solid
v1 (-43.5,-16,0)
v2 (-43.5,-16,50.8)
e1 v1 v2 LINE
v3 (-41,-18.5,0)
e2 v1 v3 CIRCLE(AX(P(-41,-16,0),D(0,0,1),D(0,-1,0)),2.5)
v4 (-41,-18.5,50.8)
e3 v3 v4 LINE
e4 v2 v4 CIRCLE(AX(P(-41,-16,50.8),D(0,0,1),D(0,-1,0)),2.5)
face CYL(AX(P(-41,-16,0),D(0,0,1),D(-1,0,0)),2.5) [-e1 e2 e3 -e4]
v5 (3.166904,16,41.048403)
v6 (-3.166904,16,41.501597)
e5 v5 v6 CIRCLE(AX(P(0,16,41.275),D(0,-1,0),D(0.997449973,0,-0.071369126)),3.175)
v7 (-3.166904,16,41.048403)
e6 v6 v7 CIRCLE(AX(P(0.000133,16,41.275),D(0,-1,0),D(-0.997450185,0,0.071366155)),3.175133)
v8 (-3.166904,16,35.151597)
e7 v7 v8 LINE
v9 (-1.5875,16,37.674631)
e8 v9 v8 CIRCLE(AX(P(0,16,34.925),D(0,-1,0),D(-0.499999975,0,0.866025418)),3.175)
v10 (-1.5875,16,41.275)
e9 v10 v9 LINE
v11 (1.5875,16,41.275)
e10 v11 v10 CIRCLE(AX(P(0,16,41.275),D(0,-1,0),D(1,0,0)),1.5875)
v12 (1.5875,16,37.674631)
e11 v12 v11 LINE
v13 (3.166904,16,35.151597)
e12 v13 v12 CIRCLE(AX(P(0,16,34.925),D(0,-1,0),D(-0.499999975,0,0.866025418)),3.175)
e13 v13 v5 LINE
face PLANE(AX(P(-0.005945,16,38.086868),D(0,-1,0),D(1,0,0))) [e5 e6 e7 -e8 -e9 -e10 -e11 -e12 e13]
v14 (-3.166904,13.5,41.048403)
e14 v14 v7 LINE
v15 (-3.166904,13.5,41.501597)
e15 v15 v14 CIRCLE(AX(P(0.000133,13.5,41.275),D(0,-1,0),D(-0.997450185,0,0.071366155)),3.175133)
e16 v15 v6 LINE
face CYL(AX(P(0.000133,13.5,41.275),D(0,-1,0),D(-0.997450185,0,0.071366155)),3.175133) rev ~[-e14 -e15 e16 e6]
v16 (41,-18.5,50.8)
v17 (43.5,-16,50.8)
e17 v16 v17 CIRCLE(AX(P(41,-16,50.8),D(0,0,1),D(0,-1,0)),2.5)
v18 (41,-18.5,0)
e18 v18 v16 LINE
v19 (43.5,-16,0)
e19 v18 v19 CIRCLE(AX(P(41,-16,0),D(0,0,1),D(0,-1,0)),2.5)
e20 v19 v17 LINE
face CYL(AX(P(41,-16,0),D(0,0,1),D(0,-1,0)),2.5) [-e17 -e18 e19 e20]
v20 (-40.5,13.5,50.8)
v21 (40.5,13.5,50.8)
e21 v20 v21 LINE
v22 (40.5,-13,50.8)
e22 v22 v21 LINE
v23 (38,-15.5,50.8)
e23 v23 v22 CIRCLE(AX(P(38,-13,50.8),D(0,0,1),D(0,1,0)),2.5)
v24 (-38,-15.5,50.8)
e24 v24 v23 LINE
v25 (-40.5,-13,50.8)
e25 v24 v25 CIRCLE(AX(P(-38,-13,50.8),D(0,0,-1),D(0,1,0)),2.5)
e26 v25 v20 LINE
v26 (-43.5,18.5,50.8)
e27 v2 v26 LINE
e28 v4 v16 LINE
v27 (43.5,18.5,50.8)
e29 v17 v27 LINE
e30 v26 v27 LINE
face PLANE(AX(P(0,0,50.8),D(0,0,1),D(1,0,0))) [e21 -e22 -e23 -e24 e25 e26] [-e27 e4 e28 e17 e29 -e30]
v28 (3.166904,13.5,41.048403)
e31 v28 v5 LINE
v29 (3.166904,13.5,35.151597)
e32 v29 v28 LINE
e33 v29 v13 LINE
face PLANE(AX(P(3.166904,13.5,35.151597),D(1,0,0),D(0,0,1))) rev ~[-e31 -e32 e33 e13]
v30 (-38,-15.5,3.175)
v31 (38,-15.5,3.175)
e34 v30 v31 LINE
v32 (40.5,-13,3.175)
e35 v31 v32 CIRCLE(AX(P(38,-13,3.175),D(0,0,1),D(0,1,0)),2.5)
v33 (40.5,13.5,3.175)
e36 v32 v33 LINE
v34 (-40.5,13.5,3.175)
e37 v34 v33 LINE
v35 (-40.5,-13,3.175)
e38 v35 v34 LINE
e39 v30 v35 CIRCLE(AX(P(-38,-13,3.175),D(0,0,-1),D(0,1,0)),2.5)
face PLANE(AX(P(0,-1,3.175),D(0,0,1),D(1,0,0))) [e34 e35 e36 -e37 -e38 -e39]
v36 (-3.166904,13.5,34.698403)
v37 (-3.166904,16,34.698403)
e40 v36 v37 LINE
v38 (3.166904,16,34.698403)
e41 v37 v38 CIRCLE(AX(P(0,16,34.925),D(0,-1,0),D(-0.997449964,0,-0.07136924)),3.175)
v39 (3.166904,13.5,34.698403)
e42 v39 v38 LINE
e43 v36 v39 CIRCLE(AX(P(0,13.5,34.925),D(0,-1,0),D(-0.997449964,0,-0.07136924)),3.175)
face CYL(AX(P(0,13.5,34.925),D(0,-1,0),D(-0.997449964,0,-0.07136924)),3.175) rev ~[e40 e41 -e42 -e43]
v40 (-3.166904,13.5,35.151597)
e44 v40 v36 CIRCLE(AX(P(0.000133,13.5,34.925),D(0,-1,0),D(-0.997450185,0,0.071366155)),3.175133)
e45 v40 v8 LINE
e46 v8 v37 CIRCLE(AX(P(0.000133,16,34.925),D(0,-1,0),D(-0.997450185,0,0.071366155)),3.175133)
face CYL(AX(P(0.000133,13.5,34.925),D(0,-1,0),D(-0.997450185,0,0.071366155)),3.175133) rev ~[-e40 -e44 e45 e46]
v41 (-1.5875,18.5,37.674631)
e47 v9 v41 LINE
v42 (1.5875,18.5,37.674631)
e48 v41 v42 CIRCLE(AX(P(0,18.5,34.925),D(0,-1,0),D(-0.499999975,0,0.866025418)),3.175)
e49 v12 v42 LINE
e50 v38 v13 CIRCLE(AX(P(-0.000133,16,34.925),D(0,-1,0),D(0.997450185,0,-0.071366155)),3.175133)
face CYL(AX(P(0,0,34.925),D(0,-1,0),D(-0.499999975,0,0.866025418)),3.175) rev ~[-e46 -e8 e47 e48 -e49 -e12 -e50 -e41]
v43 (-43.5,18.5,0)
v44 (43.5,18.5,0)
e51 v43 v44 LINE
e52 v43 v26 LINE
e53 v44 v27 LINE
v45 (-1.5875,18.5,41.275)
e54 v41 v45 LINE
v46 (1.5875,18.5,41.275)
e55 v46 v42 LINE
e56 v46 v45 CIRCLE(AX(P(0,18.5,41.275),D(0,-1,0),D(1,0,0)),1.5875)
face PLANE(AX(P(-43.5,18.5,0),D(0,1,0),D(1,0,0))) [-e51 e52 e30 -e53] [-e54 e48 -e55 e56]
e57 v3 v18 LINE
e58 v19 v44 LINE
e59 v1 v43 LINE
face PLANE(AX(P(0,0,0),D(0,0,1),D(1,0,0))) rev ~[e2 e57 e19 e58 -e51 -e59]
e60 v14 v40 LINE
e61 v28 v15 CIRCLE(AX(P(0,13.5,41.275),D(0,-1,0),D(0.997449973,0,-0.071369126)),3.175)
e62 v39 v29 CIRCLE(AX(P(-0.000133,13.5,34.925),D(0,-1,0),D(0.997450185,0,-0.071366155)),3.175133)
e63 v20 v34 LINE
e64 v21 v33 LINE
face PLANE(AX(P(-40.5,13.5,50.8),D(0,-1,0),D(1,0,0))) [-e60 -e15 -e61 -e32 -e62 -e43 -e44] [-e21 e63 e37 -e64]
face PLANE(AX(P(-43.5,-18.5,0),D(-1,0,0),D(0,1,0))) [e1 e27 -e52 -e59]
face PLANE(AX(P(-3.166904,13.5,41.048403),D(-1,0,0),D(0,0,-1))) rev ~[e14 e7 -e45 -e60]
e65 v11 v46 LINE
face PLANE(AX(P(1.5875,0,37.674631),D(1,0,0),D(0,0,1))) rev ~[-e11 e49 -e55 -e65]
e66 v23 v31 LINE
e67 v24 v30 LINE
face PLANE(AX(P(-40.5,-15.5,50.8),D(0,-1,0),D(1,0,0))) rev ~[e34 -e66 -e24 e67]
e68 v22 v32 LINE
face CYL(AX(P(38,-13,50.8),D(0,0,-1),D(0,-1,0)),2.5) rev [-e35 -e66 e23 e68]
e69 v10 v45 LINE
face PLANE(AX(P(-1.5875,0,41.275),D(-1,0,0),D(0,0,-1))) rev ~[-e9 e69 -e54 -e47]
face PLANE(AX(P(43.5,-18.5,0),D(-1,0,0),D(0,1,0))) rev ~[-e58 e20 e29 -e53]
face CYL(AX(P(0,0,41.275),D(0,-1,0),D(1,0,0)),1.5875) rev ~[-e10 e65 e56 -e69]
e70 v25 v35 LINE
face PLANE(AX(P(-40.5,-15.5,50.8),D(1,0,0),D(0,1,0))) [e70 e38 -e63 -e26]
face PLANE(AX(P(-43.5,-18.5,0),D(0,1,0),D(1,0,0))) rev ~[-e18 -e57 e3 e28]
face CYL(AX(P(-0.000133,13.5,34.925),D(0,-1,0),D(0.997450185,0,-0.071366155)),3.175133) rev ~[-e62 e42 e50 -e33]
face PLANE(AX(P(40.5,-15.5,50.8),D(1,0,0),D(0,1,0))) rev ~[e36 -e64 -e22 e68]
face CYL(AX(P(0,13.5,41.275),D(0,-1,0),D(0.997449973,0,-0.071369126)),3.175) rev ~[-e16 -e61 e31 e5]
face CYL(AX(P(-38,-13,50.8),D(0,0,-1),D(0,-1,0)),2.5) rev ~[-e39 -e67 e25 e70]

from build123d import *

# Parameters (mm, degrees)
F0_W     = 87
F0_H     = 37
F1_DEPTH = 50.8
F2_W     = 81
F2_H     = 29
F3_DEPTH = 47.625
F4_R     = 2.5
F6_DEPTH = 2.5
F8_DEPTH = 25.4


with BuildPart() as f1:
    # F0 (on Top) → F1 (new body)
    with BuildSketch(Plane.XY):
        Rectangle(F0_W, F0_H)
    extrude(amount=F1_DEPTH)

    # F2 (on face) → F3 (cut)
    with BuildSketch(Plane.XY.offset(50.8)):
        with Locations((0, -1)):
            Rectangle(F2_W, F2_H)
    extrude(amount=-F3_DEPTH, mode=Mode.SUBTRACT)

    # F4
    f4_edges = [f1.edges().sort_by_distance(p)[0] for p in [
        (43.5, -18.5, 25.4),
        (-43.5, -18.5, 25.4),
        (-40.5, -15.5, 26.9875),
        (40.5, -15.5, 26.9875),
    ]]
    fillet(f4_edges, radius=F4_R)

    # F5 (on face) → F6 (cut)
    with BuildSketch(Plane.XZ.offset(-13.5)):
        with BuildLine():
            Line((3.166904, 35.151597), (3.166904, 41.048403))
            ThreePointArc((3.166904, 41.048403), (0.226597, 44.441904), (-3.166904, 41.501597))
            Line((-3.166904, 41.501597), (-3.166904, 41.048403))
            Line((-3.166904, 41.048403), (-3.166904, 35.151597))
            Line((-3.166904, 35.151597), (-3.166904, 34.698403))
            ThreePointArc((-3.166904, 34.698403), (0, 31.75), (3.166904, 34.698403))
            Line((3.166904, 34.698403), (3.166904, 35.151597))
        make_face()
        with BuildLine():
            Line((-3.166904, 41.048403), (-3.166904, 41.501597))
            ThreePointArc((-3.166904, 41.501597), (-3.175, 41.275), (-3.166904, 41.048403))
        make_face()
        with BuildLine():
            ThreePointArc((3.166904, 34.698403), (3.175, 34.925), (3.166904, 35.151597))
            Line((3.166904, 35.151597), (3.166904, 34.698403))
        make_face()
        with BuildLine():
            Line((-3.166904, 34.698403), (-3.166904, 35.151597))
            ThreePointArc((-3.166904, 35.151597), (-3.175, 34.925), (-3.166904, 34.698403))
        make_face()
    extrude(amount=-F6_DEPTH, mode=Mode.SUBTRACT)

    # F7 (on Front) → F8 (cut)
    with BuildSketch(Plane.XZ):
        with BuildLine():
            Line((-1.5875, 41.275), (-1.5875, 37.674631))
            ThreePointArc((-1.5875, 37.674631), (0, 31.75), (1.5875, 37.674631))
            Line((1.5875, 37.674631), (1.5875, 41.275))
            ThreePointArc((1.5875, 41.275), (0, 42.8625), (-1.5875, 41.275))
        make_face()
    extrude(amount=-F8_DEPTH, mode=Mode.SUBTRACT)


solid = f1.part
